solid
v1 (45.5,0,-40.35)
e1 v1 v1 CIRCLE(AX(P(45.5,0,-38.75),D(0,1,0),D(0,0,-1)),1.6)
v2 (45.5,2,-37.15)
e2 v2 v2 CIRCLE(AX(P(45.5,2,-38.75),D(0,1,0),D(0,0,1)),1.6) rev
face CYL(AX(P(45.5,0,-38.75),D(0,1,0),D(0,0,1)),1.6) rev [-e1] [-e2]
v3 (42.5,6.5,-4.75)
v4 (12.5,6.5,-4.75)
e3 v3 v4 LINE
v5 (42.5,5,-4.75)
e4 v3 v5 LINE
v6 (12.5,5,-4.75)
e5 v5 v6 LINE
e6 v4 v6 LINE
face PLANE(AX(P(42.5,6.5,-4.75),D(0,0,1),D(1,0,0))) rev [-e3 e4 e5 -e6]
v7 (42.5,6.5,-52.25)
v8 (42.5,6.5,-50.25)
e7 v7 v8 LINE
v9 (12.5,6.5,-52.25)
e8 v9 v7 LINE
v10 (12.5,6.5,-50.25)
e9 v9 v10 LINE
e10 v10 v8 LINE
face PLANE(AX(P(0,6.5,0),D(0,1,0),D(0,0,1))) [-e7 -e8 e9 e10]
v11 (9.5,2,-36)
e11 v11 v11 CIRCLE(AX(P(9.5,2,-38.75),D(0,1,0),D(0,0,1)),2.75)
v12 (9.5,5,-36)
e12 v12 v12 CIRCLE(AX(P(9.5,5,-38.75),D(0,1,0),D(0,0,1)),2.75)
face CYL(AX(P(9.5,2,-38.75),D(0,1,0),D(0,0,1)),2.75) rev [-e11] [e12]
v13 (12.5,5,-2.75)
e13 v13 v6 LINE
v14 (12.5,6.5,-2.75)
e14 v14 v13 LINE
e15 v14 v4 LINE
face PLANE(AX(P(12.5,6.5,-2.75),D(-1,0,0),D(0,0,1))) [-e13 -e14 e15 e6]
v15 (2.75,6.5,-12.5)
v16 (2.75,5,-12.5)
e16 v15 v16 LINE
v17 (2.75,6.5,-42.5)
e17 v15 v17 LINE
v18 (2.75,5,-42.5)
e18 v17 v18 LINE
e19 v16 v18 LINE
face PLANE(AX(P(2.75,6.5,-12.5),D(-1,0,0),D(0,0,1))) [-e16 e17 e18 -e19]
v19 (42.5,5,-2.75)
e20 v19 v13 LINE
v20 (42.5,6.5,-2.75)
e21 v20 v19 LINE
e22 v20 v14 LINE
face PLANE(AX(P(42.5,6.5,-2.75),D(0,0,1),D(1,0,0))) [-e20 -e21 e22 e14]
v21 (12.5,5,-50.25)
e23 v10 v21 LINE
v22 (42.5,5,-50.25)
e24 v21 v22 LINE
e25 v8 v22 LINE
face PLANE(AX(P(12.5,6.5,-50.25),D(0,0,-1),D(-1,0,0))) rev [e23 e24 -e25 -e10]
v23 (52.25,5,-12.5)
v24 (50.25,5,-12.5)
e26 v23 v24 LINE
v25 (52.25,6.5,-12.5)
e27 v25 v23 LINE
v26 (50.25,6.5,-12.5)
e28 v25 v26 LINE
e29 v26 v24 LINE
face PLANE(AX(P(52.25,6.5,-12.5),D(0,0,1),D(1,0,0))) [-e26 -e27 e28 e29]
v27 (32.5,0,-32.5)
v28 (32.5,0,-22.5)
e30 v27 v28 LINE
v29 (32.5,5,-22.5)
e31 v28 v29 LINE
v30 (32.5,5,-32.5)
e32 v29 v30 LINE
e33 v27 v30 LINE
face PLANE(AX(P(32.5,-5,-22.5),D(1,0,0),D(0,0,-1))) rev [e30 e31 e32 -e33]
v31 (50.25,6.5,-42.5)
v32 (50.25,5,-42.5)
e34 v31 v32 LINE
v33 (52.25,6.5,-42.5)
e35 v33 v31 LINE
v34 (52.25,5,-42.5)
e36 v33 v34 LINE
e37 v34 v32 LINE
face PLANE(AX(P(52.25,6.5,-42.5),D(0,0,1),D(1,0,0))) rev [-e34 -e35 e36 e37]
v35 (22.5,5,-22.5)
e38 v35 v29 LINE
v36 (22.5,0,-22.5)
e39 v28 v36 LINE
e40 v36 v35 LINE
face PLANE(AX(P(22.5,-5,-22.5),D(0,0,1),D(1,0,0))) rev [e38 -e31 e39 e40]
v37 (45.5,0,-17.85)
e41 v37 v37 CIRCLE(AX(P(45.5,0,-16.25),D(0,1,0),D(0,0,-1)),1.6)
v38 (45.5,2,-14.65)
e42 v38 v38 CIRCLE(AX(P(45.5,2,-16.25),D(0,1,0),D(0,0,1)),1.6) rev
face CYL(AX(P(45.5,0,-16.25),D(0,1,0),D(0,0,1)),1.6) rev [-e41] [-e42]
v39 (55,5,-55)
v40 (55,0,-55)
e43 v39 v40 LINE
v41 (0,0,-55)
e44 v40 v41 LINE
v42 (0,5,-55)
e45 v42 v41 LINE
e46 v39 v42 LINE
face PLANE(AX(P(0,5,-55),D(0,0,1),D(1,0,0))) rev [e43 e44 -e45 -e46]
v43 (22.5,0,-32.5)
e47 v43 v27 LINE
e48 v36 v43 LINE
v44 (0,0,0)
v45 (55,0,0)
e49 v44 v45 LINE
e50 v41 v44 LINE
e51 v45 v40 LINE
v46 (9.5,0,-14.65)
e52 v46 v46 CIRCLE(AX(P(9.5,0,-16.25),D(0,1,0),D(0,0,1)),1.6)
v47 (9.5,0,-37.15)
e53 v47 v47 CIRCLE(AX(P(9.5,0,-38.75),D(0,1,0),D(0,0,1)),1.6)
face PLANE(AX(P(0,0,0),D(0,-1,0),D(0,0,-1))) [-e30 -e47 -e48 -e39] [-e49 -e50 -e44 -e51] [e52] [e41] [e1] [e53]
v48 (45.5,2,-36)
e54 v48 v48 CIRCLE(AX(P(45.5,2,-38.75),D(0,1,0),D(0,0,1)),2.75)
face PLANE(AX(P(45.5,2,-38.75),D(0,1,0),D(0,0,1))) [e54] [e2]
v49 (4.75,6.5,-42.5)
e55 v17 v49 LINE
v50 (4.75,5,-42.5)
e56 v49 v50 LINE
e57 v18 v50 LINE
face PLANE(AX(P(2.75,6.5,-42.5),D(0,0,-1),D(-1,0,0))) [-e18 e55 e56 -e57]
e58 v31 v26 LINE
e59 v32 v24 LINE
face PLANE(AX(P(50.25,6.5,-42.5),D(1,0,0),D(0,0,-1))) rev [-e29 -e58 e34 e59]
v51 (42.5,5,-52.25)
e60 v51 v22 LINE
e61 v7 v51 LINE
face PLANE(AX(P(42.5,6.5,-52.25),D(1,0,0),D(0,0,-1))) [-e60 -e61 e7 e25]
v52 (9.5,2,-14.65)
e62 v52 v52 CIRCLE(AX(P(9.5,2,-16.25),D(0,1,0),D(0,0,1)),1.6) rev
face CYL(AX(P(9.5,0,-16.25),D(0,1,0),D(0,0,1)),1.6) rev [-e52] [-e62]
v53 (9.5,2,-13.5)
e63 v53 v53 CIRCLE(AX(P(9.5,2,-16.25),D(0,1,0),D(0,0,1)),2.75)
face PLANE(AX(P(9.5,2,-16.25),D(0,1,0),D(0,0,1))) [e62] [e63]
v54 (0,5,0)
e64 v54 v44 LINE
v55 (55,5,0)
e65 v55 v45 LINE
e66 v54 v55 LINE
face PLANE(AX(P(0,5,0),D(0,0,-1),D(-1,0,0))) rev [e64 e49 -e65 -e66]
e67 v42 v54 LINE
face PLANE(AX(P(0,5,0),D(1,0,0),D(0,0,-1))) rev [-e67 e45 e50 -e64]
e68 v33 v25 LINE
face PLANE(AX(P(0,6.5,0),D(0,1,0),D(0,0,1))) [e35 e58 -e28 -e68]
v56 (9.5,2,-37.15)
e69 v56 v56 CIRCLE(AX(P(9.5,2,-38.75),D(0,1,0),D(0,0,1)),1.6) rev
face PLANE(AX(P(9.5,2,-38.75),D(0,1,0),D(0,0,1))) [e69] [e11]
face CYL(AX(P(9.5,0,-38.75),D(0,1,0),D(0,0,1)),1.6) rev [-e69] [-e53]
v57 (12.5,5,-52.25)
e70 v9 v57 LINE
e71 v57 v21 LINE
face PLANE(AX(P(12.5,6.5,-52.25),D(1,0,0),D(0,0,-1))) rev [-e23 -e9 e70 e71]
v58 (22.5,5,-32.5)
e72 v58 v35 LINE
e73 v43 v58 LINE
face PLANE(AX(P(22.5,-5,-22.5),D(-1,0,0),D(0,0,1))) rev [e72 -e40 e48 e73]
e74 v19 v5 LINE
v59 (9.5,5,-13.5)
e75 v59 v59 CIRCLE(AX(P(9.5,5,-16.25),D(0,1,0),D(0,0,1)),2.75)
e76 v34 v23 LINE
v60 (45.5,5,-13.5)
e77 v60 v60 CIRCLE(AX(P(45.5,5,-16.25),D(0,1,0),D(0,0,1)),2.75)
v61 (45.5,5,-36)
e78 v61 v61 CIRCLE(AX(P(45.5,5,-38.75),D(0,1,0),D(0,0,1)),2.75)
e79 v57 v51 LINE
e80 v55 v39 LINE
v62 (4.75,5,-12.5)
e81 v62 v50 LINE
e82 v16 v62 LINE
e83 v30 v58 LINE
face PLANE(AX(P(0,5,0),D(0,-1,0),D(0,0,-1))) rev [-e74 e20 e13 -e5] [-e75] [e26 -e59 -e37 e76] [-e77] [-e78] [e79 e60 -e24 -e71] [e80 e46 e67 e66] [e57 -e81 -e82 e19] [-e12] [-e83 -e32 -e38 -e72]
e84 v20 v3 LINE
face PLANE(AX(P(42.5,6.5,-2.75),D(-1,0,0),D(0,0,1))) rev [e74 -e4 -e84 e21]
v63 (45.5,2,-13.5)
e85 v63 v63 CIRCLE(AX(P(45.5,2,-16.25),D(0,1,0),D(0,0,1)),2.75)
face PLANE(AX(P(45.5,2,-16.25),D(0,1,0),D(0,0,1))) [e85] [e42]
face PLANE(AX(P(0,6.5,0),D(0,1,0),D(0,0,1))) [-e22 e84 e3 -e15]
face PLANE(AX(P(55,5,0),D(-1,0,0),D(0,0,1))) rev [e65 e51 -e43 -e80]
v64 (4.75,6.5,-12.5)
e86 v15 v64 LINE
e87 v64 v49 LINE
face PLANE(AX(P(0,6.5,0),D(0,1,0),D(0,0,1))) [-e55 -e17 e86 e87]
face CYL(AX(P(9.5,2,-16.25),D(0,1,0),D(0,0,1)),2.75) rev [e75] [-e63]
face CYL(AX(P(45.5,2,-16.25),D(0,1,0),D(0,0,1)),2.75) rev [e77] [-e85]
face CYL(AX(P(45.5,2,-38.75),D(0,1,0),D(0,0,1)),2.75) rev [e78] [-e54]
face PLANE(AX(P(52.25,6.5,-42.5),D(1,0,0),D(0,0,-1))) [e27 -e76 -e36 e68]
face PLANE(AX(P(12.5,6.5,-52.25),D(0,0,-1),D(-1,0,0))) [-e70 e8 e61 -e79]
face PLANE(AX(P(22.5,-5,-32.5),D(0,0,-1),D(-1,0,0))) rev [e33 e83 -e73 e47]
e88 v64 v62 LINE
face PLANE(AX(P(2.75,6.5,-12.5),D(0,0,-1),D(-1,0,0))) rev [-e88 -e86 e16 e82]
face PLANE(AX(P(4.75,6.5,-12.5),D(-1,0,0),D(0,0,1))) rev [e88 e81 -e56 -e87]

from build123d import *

# Parameters (mm, degrees)
CROQUIS1_W              = 55
CROQUIS1_H              = 55
SALIENTE_EXTRUIR1_DEPTH = 5
CROQUIS2_W              = 30
CROQUIS2_H              = 2
CROQUIS2_W_2            = 2
CROQUIS2_H_2            = 30
SALIENTE_EXTRUIR2_DEPTH = 1.5
CROQUIS3_R              = 1.6
CORTAR_EXTRUIR1_DEPTH   = 5
CROQUIS6_W              = 10
CROQUIS6_H              = 10
CORTAR_EXTRUIR4_DEPTH   = 10
CROQUIS7_R              = 2.75
CORTAR_EXTRUIR5_DEPTH   = 3


with BuildPart() as part:
    # Croquis1 → Saliente-Extruir1 (new body)
    with BuildSketch(Plane(origin=(0, 0, 0), x_dir=(1, 0, 0), z_dir=(0, 1, 0))):
        with Locations((27.5, 27.5)):
            Rectangle(CROQUIS1_W, CROQUIS1_H)
    extrude(amount=SALIENTE_EXTRUIR1_DEPTH)

    # Croquis2 → Saliente-Extruir2 (add)
    with BuildSketch(Plane(origin=(0, 5, 0), x_dir=(1, 0, 0), z_dir=(0, 1, 0))):
        with Locations((27.5, 51.25)):
            Rectangle(CROQUIS2_W, CROQUIS2_H)
        with Locations((3.75, 27.5)):
            Rectangle(CROQUIS2_W_2, CROQUIS2_H_2)
        with Locations((51.25, 27.5)):
            Rectangle(CROQUIS2_W_2, CROQUIS2_H_2)
        with Locations((27.5, 3.75)):
            Rectangle(CROQUIS2_W, CROQUIS2_H)
    extrude(amount=SALIENTE_EXTRUIR2_DEPTH)

    # Croquis3 → Cortar-Extruir1 (cut)
    with BuildSketch(Plane(origin=(0, 5, 0), x_dir=(1, 0, 0), z_dir=(0, 1, 0))):
        with Locations(Location((9.5, 38.75, 0), (0, 0, 270))):
            Circle(CROQUIS3_R)
        with Locations(Location((9.5, 16.25, 0), (0, 0, 270))):
            Circle(CROQUIS3_R)
        with Locations(Location((45.5, 38.75, 0), (0, 0, 90))):
            Circle(CROQUIS3_R)
        with Locations(Location((45.5, 16.25, 0), (0, 0, 90))):
            Circle(CROQUIS3_R)
    extrude(amount=-CORTAR_EXTRUIR1_DEPTH, mode=Mode.SUBTRACT)

    # Croquis6 → Cortar-Extruir4 (cut)
    with BuildSketch(Plane(origin=(0, 5, 0), x_dir=(1, 0, 0), z_dir=(0, 1, 0))):
        with Locations((27.5, 27.5)):
            Rectangle(CROQUIS6_W, CROQUIS6_H)
    extrude(amount=-CORTAR_EXTRUIR4_DEPTH, mode=Mode.SUBTRACT)

    # Croquis7 → Cortar-Extruir5 (cut)
    with BuildSketch(Plane(origin=(0, 5, 0), x_dir=(1, 0, 0), z_dir=(0, 1, 0))):
        with Locations(Location((9.5, 38.75, 0), (0, 0, 270))):
            Circle(CROQUIS7_R)
        with Locations(Location((45.5, 38.75, 0), (0, 0, 270))):
            Circle(CROQUIS7_R)
        with Locations(Location((45.5, 16.25, 0), (0, 0, 270))):
            Circle(CROQUIS7_R)
        with Locations(Location((9.5, 16.25, 0), (0, 0, 270))):
            Circle(CROQUIS7_R)
    extrude(amount=-CORTAR_EXTRUIR5_DEPTH, mode=Mode.SUBTRACT)


solid = part.part
